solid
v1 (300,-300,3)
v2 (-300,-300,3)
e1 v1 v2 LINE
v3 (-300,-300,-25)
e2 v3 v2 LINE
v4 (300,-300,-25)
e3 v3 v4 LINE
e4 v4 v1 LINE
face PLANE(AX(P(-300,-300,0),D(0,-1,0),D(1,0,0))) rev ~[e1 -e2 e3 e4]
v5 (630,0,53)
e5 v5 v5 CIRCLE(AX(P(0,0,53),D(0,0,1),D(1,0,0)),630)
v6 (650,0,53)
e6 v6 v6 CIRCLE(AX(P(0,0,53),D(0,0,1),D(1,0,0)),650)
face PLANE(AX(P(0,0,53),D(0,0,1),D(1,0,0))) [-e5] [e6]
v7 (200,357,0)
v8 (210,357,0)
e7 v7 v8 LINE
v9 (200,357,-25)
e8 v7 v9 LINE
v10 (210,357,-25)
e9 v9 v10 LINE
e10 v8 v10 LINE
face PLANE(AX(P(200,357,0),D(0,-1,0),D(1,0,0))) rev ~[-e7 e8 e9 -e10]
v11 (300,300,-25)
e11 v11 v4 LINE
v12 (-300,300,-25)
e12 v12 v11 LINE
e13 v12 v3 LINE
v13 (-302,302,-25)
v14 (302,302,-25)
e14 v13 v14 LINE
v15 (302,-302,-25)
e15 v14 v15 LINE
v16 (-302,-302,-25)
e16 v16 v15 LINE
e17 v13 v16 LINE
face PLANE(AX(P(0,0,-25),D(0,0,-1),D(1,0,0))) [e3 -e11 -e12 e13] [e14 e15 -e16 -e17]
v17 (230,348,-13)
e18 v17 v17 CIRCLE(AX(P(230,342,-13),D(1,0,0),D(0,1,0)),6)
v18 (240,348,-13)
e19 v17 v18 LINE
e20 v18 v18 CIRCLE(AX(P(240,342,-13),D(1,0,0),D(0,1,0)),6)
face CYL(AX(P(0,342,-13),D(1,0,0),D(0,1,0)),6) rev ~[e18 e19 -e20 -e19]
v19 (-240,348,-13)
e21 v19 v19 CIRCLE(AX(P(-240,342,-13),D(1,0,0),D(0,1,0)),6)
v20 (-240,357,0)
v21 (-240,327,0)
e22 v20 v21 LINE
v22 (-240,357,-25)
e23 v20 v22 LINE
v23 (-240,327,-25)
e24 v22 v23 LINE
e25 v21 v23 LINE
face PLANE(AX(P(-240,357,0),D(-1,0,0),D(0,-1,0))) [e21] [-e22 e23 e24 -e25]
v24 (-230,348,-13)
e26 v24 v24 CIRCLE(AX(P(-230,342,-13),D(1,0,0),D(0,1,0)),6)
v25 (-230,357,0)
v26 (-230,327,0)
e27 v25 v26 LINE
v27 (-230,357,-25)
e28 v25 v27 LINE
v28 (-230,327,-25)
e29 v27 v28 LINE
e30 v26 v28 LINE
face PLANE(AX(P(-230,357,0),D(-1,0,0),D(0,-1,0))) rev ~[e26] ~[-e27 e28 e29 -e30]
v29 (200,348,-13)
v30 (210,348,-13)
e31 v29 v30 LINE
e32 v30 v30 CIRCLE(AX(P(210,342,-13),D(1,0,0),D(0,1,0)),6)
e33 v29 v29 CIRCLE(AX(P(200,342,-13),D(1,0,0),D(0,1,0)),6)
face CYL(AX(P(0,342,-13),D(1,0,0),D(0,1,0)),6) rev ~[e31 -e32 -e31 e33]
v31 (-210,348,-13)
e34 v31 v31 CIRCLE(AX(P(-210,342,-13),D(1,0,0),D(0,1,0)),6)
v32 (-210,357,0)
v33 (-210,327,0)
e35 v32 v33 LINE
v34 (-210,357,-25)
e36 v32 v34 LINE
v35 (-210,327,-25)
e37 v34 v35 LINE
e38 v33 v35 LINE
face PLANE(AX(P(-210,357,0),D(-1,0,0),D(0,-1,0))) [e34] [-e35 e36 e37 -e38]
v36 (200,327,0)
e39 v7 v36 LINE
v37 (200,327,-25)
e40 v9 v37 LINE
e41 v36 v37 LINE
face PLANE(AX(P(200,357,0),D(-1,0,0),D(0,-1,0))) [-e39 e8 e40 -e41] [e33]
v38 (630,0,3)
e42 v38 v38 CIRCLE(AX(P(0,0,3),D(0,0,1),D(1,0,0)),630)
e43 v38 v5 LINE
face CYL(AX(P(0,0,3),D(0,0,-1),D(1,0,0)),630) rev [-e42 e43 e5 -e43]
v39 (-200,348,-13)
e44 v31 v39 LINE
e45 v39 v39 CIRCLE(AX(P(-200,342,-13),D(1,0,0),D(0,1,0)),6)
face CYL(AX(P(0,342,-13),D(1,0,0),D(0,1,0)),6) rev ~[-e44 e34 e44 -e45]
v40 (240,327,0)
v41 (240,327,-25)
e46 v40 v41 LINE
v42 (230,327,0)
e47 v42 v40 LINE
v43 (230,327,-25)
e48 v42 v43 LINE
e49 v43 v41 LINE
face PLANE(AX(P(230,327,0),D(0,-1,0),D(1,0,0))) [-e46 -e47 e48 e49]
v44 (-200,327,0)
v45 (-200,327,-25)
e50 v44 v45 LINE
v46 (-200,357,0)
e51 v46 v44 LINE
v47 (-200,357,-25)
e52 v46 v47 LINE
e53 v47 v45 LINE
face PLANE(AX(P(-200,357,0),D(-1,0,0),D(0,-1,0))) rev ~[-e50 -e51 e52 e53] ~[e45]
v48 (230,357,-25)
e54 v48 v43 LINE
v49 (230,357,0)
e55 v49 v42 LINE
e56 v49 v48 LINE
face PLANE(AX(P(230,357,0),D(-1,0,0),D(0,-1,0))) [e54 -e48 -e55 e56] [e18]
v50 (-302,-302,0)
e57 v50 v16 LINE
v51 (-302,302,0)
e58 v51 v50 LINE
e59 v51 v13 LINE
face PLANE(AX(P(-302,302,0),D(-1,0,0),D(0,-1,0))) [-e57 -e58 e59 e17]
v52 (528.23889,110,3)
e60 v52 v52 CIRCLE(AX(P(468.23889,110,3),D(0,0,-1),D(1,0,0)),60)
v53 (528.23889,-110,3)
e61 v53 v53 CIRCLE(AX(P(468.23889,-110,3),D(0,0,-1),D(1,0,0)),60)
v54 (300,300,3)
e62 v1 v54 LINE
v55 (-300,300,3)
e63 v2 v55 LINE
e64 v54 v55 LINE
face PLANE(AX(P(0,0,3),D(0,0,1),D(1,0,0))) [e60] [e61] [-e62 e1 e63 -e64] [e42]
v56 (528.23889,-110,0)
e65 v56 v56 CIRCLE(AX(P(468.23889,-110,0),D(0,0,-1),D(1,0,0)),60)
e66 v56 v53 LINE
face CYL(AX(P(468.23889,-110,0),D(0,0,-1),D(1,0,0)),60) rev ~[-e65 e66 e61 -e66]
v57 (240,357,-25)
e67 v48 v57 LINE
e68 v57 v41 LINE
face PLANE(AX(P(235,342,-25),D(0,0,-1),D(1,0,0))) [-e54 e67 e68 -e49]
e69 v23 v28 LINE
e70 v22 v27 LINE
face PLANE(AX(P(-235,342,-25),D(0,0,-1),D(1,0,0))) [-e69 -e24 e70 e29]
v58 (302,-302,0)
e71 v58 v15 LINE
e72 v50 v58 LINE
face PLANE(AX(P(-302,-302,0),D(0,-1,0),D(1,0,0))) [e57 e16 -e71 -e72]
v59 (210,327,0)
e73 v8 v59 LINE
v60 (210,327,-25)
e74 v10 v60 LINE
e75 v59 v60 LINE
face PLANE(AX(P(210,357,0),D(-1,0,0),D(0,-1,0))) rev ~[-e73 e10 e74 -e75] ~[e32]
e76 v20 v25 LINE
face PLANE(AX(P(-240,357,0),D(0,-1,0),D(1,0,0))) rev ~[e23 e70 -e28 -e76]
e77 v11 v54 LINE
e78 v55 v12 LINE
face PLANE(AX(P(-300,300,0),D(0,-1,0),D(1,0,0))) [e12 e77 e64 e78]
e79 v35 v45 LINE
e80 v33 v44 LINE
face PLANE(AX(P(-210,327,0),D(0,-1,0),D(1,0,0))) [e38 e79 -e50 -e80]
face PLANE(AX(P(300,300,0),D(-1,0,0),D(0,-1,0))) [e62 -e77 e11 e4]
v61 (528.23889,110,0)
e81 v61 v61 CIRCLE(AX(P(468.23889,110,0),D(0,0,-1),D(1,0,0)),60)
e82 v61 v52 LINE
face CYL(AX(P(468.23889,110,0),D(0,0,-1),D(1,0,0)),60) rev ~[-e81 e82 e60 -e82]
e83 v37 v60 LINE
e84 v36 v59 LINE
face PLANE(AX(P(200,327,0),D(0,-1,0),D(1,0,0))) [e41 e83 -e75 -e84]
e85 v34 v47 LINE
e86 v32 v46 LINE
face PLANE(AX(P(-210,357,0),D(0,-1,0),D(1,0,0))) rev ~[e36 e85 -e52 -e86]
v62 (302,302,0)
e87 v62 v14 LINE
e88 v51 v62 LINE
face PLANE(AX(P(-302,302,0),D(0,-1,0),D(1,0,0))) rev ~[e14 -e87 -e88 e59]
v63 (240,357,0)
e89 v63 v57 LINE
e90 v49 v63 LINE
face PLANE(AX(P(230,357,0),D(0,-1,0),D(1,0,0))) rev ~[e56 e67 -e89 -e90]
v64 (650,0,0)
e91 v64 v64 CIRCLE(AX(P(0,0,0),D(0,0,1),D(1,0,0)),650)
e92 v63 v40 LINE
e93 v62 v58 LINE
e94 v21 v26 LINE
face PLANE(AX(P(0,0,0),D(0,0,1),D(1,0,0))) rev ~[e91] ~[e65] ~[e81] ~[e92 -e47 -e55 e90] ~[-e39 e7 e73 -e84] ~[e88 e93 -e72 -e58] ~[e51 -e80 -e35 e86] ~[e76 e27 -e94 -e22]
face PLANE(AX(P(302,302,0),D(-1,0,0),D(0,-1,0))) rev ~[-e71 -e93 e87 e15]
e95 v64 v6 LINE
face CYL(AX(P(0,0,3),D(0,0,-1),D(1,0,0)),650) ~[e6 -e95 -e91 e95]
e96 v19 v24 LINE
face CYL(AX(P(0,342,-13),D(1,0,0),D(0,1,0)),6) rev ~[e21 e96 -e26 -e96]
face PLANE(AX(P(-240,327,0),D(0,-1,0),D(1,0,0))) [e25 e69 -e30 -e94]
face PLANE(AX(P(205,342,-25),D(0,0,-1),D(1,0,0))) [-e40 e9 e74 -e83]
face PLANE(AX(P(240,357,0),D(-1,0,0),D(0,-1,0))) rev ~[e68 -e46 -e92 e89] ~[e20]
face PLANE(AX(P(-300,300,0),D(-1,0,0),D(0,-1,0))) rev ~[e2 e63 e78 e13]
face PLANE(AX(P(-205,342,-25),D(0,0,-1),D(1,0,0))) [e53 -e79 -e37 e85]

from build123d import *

# Parameters (mm, degrees)
F0_R      = 650
F1_DEPTH  = 3
F2_R      = 650
F2_R_2    = 630
F3_DEPTH  = 50
F4_W      = 600
F4_H      = 600
F4_R      = 60
F5_DEPTH  = 25
F6_W      = 604
F6_H      = 604
F6_W_2    = 600
F6_H_2    = 600
F7_DEPTH  = 25
F8_W      = 10
F8_H      = 30
F9_DEPTH  = 25
F10_R     = 6
F11_DEPTH = 500


with BuildPart() as f1:
    # F0 (on Top) → F1 (new body)
    with BuildSketch(Plane.XY):
        Circle(F0_R)
    extrude(amount=F1_DEPTH)

    # F2 (on face) → F3 (join)
    with BuildSketch(Plane.XY.offset(3)):
        Circle(F2_R)
        Circle(F2_R_2, mode=Mode.SUBTRACT)
    extrude(amount=F3_DEPTH)

    # F4 (on face) → F5 (cut)
    with BuildSketch(Plane(origin=(0, 0, 0), x_dir=(1, 0, 0), z_dir=(0, 0, -1))):
        Rectangle(F4_W, F4_H)
        with Locations((468.2388901711, 110)):
            Circle(F4_R)
        with Locations((468.2388901711, -110)):
            Circle(F4_R)
    extrude(amount=-F5_DEPTH, mode=Mode.SUBTRACT)

    # F6 (on face) → F7 (join)
    with BuildSketch(Plane(origin=(0, 0, 0), x_dir=(1, 0, 0), z_dir=(0, 0, -1))):
        Rectangle(F6_W, F6_H)
        Rectangle(F6_W_2, F6_H_2, mode=Mode.SUBTRACT)
    extrude(amount=F7_DEPTH)

    # F8 (on face) → F9 (join)
    with BuildSketch(Plane(origin=(0, 0, 0), x_dir=(1, 0, 0), z_dir=(0, 0, -1))):
        with Locations((-235, -342)):
            Rectangle(F8_W, F8_H)
        with Locations((-205, -342)):
            Rectangle(F8_W, F8_H)
        with Locations((205, -342)):
            Rectangle(F8_W, F8_H)
        with Locations((235, -342)):
            Rectangle(F8_W, F8_H)
    extrude(amount=F9_DEPTH)

    # F10 (on Right) → F11 (cut, symmetric)
    with BuildSketch(Plane.YZ):
        with Locations((342, -13)):
            Circle(F10_R)
    extrude(amount=F11_DEPTH, both=True, mode=Mode.SUBTRACT)


solid = f1.part
